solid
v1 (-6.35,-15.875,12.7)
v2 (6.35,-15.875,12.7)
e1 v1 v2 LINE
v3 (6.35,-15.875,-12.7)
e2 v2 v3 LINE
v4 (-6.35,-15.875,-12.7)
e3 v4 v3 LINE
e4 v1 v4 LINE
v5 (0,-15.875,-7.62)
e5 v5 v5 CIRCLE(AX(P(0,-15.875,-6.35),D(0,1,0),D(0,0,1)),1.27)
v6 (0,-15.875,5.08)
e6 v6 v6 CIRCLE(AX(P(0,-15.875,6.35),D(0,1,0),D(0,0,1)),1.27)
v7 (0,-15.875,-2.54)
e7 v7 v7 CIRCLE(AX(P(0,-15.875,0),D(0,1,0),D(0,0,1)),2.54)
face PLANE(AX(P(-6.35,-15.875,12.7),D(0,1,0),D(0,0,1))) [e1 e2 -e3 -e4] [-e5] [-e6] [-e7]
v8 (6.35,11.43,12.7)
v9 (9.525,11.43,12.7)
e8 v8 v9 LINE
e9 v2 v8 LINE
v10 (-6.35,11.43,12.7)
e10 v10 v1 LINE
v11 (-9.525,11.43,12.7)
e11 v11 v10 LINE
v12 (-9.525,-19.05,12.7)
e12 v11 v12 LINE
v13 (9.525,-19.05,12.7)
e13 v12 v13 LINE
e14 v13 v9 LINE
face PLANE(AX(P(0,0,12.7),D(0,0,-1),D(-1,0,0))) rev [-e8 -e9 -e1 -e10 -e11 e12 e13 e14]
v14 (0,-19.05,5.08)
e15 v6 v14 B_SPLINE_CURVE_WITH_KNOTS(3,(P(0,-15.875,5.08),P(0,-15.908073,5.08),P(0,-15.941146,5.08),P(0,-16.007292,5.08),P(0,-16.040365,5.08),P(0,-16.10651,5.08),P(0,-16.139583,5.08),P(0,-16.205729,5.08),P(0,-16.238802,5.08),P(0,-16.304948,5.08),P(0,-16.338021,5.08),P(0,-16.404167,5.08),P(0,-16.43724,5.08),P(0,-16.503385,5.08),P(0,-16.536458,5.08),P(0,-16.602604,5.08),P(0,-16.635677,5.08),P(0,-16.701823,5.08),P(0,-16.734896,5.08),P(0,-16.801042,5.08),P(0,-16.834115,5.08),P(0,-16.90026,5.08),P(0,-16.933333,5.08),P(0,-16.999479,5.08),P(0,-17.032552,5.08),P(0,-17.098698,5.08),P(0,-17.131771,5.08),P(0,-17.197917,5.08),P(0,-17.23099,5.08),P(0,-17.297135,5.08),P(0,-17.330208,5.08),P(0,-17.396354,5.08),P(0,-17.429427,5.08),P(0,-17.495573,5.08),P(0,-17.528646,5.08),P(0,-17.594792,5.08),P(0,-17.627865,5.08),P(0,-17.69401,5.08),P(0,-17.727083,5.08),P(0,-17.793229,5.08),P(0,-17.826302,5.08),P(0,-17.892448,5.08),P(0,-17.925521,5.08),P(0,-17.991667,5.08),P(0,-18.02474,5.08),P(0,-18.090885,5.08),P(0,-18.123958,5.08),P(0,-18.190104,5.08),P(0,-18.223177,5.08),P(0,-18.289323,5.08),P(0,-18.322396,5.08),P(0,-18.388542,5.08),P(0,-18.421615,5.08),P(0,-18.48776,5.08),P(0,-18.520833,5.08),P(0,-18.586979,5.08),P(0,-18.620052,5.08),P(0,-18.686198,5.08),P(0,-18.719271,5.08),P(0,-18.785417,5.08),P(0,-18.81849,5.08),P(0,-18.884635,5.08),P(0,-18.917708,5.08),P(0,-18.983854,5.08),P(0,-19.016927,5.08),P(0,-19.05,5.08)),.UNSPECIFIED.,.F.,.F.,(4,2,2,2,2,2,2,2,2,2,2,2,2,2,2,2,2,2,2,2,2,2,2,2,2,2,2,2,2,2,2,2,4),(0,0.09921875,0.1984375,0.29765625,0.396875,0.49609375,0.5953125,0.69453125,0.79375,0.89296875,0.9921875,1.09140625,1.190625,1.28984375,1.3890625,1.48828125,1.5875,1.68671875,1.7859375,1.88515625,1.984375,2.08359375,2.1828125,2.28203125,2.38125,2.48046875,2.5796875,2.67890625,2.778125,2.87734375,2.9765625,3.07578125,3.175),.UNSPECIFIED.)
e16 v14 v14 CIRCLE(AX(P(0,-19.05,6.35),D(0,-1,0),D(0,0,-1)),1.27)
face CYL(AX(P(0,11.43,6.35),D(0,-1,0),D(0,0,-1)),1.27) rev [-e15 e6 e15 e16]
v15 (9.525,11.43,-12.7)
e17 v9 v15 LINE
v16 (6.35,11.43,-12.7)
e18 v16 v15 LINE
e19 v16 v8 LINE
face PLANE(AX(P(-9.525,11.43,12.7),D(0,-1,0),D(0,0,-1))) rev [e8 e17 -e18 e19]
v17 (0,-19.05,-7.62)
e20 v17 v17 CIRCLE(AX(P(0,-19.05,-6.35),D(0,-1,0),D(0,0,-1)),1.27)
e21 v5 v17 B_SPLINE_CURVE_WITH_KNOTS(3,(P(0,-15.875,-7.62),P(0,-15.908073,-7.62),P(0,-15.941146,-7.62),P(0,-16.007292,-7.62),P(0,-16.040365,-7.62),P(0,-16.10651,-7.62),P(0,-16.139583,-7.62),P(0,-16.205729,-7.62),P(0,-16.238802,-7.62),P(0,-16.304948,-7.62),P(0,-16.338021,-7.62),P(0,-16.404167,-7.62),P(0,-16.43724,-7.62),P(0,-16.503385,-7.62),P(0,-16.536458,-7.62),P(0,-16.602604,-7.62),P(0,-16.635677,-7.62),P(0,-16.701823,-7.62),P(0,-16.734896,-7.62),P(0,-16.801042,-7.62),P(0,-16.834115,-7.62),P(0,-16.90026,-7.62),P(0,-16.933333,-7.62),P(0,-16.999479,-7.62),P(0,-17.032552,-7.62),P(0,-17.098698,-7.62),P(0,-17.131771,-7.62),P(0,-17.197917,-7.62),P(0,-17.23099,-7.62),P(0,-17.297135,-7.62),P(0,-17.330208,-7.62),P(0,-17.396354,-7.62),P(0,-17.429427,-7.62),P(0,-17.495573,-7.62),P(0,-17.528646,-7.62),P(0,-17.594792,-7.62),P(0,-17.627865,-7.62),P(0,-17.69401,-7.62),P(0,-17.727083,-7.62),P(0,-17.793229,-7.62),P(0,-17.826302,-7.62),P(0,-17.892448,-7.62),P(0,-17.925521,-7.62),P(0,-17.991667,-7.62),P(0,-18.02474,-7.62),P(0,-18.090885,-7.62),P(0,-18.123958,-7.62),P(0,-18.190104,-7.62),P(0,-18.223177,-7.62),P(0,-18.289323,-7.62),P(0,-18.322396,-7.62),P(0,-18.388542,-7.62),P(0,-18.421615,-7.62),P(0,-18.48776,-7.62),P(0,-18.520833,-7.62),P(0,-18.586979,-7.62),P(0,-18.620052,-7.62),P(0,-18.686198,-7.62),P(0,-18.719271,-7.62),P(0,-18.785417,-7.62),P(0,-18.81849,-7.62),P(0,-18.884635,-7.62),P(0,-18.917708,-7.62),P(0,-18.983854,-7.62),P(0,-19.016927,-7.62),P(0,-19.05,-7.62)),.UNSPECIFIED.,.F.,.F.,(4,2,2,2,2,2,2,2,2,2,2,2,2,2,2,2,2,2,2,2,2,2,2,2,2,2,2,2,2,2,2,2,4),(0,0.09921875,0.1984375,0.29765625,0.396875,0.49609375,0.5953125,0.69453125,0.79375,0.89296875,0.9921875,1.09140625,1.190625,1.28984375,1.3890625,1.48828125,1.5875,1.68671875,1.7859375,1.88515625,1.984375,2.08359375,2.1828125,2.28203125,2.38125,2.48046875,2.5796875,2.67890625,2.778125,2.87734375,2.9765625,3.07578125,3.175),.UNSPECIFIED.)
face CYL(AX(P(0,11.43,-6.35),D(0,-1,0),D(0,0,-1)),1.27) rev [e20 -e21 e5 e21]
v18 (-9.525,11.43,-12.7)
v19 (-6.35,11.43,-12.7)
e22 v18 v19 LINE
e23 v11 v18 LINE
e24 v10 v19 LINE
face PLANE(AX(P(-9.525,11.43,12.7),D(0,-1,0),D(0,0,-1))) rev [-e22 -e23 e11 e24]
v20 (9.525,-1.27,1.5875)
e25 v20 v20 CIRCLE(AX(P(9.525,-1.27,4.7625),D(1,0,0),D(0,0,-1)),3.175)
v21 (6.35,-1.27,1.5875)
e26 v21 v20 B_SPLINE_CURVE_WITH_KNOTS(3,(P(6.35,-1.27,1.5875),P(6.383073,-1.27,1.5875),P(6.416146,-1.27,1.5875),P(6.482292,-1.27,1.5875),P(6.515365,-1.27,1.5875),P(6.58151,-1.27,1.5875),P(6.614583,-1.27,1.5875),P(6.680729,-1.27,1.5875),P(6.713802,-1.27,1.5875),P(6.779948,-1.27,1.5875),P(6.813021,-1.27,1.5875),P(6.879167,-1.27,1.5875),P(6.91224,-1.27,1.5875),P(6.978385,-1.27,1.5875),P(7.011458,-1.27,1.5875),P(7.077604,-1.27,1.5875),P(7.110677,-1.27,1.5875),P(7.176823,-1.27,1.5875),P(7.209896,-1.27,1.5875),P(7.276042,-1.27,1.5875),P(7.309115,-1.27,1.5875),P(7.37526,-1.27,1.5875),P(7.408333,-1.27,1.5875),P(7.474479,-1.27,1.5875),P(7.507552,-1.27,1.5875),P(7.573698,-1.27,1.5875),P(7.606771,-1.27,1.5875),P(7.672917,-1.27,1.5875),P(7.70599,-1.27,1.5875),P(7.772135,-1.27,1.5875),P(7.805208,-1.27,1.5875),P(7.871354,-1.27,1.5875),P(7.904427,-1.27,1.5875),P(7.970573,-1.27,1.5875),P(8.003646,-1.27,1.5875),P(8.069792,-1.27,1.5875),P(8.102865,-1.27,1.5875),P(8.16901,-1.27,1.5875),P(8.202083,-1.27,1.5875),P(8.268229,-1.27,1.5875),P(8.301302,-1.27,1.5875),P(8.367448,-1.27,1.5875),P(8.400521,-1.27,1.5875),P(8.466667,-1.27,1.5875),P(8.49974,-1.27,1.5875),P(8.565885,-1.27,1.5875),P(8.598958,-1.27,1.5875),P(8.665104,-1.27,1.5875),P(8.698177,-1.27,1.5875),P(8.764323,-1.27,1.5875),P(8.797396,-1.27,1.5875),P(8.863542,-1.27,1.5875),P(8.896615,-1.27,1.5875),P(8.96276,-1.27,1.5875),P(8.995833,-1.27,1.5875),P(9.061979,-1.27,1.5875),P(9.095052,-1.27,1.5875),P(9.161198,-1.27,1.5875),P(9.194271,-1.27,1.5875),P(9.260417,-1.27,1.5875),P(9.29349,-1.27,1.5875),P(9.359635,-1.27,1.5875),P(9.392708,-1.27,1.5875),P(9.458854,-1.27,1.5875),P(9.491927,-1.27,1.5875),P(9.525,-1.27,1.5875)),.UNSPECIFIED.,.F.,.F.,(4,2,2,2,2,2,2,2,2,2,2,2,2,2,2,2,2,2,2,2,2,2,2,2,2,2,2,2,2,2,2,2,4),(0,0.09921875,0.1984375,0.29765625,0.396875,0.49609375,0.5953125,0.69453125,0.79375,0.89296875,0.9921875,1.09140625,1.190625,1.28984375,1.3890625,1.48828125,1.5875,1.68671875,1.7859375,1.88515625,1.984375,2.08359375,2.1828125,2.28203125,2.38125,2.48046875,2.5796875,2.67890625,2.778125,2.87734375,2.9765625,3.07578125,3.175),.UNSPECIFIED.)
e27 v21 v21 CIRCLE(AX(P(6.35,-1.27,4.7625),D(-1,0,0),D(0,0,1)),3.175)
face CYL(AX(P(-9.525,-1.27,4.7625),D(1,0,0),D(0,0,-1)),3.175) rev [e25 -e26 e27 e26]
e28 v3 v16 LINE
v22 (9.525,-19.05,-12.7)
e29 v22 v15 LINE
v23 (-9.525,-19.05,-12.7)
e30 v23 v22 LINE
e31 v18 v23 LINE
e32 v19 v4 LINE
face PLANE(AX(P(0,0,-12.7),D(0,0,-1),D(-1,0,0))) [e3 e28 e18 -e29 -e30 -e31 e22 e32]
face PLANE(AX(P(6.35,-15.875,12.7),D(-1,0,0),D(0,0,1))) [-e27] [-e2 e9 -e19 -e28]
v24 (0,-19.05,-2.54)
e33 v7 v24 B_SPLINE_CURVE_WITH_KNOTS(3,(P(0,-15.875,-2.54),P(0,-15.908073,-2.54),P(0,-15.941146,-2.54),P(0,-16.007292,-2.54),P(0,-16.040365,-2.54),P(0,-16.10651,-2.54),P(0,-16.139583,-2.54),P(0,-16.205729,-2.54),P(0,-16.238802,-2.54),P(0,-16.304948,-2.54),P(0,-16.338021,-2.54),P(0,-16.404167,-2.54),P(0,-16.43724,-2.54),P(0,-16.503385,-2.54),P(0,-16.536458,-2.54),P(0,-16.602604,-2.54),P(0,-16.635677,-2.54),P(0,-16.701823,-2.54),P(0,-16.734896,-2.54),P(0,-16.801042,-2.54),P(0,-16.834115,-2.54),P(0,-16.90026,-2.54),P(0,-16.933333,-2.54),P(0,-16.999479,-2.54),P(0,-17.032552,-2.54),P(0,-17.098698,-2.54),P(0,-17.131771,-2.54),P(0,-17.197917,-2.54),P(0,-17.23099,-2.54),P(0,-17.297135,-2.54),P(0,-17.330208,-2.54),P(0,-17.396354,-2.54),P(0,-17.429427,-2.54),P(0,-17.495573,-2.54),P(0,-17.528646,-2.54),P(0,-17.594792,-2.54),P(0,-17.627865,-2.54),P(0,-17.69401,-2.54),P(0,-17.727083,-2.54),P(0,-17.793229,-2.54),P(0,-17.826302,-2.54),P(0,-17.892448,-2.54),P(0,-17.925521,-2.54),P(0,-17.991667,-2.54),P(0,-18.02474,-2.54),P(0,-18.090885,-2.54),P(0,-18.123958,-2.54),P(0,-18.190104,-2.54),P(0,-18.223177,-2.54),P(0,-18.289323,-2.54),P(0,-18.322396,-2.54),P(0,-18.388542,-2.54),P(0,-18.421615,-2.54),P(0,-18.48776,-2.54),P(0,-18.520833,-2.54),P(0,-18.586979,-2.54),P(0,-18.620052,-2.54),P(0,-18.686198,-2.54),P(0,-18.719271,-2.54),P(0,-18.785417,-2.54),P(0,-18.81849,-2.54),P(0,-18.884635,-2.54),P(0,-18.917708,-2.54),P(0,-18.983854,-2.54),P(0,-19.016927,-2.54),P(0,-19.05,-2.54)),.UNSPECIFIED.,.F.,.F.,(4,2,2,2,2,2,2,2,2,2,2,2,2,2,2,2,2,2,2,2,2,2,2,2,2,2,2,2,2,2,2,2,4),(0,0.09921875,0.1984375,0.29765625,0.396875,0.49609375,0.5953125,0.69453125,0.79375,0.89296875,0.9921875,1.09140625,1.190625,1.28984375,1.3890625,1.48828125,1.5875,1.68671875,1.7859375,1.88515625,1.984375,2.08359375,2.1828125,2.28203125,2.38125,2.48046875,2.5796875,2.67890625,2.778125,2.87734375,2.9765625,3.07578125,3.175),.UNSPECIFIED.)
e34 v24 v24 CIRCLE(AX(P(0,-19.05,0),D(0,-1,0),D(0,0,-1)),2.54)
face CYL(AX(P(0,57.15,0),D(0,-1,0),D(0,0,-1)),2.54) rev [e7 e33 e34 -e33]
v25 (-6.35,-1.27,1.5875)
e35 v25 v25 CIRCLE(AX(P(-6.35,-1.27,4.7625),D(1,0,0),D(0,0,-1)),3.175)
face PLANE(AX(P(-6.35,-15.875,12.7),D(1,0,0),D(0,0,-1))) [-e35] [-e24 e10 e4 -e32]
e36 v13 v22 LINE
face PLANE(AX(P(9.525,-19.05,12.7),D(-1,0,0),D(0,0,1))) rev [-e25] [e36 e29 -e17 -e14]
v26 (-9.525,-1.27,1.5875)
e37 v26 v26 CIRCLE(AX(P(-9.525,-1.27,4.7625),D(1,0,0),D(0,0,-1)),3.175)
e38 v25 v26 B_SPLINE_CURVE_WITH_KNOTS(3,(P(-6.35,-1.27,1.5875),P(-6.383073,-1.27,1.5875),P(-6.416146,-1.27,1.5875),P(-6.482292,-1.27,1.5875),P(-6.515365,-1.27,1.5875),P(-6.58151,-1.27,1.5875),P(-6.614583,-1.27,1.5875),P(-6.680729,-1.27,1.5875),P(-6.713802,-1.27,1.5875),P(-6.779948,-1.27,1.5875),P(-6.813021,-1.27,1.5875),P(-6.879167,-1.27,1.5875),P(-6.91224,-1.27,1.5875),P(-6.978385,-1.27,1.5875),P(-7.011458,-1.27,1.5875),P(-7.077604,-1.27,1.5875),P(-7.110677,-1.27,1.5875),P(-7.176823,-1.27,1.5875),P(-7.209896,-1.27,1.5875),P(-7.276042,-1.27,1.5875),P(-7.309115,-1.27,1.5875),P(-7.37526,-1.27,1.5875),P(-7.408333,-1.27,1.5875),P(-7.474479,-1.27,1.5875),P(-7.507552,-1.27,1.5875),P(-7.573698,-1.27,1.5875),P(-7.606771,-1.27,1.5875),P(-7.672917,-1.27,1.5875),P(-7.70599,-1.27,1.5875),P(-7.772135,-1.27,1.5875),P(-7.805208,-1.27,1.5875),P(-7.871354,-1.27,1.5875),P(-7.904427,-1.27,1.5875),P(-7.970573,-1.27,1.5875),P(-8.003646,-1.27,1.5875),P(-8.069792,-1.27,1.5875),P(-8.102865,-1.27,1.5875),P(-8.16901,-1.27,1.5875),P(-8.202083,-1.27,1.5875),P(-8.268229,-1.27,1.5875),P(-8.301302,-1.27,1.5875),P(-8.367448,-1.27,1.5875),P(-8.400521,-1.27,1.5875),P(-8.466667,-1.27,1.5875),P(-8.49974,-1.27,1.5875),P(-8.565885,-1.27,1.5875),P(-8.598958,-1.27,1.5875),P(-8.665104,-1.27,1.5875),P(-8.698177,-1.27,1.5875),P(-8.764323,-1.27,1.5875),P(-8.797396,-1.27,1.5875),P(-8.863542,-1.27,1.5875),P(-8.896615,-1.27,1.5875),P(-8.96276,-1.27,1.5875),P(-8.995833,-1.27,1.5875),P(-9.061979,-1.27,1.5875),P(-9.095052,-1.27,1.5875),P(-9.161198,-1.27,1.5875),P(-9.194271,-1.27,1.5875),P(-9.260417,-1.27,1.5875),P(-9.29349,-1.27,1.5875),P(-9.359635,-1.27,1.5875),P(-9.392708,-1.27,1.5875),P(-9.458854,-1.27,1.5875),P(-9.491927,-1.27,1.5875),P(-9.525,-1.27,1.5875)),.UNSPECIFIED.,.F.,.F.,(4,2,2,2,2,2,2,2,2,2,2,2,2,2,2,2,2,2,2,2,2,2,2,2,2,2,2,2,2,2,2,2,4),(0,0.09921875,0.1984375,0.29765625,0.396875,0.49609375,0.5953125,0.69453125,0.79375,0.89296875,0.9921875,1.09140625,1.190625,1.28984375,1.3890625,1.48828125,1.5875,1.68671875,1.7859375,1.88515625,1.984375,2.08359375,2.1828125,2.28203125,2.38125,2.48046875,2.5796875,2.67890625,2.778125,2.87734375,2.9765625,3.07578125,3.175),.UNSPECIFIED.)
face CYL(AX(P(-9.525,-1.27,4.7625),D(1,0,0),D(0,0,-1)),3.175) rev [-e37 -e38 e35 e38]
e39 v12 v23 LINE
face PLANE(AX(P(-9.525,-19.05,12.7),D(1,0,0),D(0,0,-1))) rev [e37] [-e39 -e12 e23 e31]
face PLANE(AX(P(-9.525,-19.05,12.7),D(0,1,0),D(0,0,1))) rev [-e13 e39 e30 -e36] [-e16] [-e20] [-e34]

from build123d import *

# Parameters (mm, degrees)
SKETCH1_W           = 19.05
SKETCH1_H           = 38.1
SKETCH1_W_2         = 12.7
SKETCH1_H_2         = 31.75
BOSS_EXTRUDE1_DEPTH = 12.7
SKETCH2_R           = 2.54
CUT_EXTRUDE1_DEPTH  = 76.2
SKETCH3_R           = 3.175
CUT_EXTRUDE2_DEPTH  = 30.784140075
SKETCH4_W           = 25.4
SKETCH4_H           = 7.62
CUT_EXTRUDE3_DEPTH  = 30.784140075
SKETCH5_R           = 1.27
CUT_EXTRUDE4_DEPTH  = 35.366350184


with BuildPart() as part:
    # Sketch1 → Boss-Extrude1 (new, symmetric)
    with BuildSketch(Plane.XY):
        Rectangle(SKETCH1_W, SKETCH1_H)
        Rectangle(SKETCH1_W_2, SKETCH1_H_2, mode=Mode.SUBTRACT)
    extrude(amount=BOSS_EXTRUDE1_DEPTH, both=True)

    # Sketch2 → Cut-Extrude1 (cut)
    with BuildSketch(Plane.XZ.offset(19.05)):
        with Locations(Location((0, 0, 0), (0, 0, 270))):
            Circle(SKETCH2_R)
    extrude(amount=-CUT_EXTRUDE1_DEPTH, mode=Mode.SUBTRACT)

    # Sketch3 → Cut-Extrude2 (cut, through all)
    with BuildSketch(Plane(origin=(9.525, 0, 0), x_dir=(0, 0, -1), z_dir=(1, 0, 0))):
        with Locations((-4.7625, -1.27)):
            Circle(SKETCH3_R)
    extrude(amount=-CUT_EXTRUDE2_DEPTH, mode=Mode.SUBTRACT)

    # Sketch4 → Cut-Extrude3 (cut, through all)
    with BuildSketch(Plane(origin=(9.525, 0, 0), x_dir=(0, 0, -1), z_dir=(1, 0, 0))):
        with Locations((0, 15.24)):
            Rectangle(SKETCH4_W, SKETCH4_H)
    extrude(amount=-CUT_EXTRUDE3_DEPTH, mode=Mode.SUBTRACT)

    # Sketch5 → Cut-Extrude4 (cut, through all)
    with BuildSketch(Plane.XZ.offset(19.05)):
        with Locations(Location((0, -6.35, 0), (0, 0, 270))):
            Circle(SKETCH5_R)
        with Locations(Location((0, 6.35, 0), (0, 0, 270))):
            Circle(SKETCH5_R)
    extrude(amount=-CUT_EXTRUDE4_DEPTH, mode=Mode.SUBTRACT)


solid = part.part
